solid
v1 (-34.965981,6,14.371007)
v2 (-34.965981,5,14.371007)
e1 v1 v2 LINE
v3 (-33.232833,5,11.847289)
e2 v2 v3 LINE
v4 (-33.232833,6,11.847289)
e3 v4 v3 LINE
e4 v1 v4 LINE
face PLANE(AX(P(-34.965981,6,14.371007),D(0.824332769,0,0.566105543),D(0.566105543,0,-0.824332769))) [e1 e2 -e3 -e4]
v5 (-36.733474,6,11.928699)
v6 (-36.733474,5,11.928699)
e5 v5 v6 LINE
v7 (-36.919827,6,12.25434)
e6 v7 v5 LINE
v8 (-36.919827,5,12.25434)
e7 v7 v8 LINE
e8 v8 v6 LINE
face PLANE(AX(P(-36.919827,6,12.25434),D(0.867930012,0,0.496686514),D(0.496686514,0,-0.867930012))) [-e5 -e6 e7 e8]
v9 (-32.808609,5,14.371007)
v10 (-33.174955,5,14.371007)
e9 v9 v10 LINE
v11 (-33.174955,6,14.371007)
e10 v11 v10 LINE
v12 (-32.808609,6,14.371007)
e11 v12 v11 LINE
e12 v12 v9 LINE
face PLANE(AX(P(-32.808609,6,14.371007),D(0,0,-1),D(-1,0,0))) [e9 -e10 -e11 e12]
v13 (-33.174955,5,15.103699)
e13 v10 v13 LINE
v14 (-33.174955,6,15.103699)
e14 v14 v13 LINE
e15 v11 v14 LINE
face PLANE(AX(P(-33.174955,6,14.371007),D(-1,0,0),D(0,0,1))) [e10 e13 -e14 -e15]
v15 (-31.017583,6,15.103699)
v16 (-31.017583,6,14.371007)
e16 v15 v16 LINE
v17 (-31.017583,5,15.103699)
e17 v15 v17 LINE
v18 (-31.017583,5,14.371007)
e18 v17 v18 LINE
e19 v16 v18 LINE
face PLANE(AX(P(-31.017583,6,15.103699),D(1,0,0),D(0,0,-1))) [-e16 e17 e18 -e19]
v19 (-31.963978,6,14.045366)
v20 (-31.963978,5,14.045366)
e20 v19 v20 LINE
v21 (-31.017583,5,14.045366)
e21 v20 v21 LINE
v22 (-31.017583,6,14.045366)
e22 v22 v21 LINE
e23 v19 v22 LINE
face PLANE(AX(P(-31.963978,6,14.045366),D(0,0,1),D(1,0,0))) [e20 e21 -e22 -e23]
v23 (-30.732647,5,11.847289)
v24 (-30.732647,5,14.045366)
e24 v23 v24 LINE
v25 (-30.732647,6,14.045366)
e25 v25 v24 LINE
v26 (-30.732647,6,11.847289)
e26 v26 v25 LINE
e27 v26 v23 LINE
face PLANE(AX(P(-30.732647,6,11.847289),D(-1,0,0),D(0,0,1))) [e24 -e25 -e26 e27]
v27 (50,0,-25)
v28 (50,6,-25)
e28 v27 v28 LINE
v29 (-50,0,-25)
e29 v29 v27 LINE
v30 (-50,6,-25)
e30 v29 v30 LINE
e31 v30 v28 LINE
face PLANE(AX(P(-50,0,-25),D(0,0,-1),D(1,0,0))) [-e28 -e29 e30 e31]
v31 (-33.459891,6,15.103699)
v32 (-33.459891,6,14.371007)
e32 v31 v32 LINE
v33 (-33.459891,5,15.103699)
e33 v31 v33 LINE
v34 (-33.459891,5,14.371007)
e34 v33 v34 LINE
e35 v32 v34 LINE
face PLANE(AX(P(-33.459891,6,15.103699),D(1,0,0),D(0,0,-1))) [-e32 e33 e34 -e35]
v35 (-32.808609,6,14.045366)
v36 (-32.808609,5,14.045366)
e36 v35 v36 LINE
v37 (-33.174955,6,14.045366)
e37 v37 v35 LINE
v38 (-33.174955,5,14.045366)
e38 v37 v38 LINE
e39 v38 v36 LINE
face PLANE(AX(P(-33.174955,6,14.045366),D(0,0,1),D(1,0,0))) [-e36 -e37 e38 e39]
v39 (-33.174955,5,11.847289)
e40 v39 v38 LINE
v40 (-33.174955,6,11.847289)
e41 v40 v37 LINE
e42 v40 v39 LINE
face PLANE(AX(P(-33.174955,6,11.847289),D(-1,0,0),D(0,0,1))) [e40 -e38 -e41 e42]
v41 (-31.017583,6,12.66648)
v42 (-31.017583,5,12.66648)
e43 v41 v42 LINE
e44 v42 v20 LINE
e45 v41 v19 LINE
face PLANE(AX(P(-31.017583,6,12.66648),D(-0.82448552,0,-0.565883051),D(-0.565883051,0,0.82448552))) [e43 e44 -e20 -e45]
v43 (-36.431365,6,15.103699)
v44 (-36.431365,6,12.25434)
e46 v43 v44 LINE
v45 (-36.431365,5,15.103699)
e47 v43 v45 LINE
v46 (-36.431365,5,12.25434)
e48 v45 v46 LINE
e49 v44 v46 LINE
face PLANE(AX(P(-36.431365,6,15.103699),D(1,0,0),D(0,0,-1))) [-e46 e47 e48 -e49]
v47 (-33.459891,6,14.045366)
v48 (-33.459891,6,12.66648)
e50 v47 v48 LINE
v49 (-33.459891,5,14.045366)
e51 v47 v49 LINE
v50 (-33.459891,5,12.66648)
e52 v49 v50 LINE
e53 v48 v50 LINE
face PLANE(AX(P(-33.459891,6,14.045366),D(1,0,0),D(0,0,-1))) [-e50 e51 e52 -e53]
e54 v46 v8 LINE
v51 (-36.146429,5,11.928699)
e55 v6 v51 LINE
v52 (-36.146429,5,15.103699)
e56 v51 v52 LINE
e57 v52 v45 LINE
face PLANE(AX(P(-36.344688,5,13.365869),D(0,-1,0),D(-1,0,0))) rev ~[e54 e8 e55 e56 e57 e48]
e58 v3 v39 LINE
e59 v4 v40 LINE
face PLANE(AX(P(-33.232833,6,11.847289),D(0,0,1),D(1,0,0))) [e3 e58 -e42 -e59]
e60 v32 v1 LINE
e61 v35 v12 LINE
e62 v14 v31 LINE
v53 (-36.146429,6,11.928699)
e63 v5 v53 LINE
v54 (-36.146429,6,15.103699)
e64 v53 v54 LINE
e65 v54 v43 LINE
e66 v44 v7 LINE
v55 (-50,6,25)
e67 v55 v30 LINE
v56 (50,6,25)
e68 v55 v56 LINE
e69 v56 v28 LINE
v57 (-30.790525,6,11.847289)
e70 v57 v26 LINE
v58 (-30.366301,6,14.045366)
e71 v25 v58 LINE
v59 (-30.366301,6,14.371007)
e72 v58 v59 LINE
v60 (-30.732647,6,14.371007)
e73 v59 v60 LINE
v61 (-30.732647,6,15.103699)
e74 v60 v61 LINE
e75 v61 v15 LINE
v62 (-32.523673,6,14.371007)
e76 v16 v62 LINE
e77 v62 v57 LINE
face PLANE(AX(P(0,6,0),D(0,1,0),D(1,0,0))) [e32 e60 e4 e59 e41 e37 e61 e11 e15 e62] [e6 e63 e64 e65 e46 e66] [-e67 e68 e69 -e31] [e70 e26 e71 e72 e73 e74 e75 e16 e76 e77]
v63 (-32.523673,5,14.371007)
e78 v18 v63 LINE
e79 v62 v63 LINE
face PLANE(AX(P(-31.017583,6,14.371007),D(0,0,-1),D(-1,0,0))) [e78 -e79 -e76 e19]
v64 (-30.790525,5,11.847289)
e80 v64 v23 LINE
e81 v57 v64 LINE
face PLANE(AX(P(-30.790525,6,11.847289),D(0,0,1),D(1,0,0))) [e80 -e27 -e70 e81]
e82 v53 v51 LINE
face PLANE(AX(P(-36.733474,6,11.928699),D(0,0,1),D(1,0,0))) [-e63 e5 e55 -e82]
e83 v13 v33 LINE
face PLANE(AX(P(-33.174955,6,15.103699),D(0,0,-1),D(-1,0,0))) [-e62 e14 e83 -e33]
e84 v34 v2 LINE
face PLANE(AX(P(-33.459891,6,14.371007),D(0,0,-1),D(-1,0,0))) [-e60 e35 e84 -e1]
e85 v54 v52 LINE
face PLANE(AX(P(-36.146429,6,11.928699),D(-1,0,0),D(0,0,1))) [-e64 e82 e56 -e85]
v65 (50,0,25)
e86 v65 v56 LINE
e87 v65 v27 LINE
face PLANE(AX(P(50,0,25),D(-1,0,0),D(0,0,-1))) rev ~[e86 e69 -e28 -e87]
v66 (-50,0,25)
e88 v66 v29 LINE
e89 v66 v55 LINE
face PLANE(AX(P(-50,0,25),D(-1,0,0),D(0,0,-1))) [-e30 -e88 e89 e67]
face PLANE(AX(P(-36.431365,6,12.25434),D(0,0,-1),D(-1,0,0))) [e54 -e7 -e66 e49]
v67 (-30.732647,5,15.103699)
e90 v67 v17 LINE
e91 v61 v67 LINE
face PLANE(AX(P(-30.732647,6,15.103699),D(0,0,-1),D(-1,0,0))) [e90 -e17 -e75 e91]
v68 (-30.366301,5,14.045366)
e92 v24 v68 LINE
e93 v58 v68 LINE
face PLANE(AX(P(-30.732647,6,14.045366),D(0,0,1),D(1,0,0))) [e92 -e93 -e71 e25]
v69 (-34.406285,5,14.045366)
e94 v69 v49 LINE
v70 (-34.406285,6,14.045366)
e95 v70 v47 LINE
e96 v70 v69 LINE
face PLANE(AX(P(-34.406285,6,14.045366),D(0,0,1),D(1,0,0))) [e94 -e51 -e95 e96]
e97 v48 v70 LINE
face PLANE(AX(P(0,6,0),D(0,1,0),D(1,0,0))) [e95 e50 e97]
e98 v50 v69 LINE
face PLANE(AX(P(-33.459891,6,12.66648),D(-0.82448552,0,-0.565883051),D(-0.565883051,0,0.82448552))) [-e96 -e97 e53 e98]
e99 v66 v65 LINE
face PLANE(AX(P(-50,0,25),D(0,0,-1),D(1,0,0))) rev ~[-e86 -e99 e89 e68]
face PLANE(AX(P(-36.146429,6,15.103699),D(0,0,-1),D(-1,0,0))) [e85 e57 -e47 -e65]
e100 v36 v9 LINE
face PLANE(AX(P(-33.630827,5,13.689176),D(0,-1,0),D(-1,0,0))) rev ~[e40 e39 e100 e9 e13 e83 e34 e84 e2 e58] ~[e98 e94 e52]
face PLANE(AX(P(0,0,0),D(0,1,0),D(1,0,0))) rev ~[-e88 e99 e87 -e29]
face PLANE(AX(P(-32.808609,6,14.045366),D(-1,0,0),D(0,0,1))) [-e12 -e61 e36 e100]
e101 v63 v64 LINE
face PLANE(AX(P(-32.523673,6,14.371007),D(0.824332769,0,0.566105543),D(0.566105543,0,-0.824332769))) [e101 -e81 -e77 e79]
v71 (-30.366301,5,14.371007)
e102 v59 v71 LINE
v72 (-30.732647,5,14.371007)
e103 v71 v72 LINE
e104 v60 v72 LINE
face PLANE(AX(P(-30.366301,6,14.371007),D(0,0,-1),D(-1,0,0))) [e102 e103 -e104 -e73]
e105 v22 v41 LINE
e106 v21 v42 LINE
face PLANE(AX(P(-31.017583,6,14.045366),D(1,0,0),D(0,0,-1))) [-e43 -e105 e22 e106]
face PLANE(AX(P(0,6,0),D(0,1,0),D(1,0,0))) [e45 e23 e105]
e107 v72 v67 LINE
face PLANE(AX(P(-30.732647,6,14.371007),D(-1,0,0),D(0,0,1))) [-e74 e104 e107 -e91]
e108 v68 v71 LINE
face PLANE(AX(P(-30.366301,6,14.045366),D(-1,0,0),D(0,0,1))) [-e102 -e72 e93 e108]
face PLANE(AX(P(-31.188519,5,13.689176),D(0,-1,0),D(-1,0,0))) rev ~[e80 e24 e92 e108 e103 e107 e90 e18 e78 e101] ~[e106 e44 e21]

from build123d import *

# Parameters (mm, degrees)
SKETCH1_W           = 100
SKETCH1_H           = 50
BOSS_EXTRUDE1_DEPTH = 6
CUT_EXTRUDE1_DEPTH  = 1


with BuildPart() as part:
    # Sketch1 → Boss-Extrude1 (new body)
    with BuildSketch(Plane(origin=(0, 0, 0), x_dir=(1, 0, 0), z_dir=(0, 1, 0))):
        Rectangle(SKETCH1_W, SKETCH1_H)
    extrude(amount=BOSS_EXTRUDE1_DEPTH)

    # Sketch2 → Cut-Extrude1 (cut)
    # profile 1 of 3: a face of its own
    with BuildSketch(Plane(origin=(0, 6, 0), x_dir=(1, 0, 0), z_dir=(0, 1, 0))):
        Polygon((-36.733473762, -11.928699111), (-36.146429492, -11.928699111), (-36.146429492, -15.103699111), (-36.431365389, -15.103699111), (-36.431365389, -12.254340136), (-36.919826928, -12.254340136), align=None)
    # profile 2 of 3: a face of its own
    with BuildSketch(Plane(origin=(0, 6, 0), x_dir=(1, 0, 0), z_dir=(0, 1, 0))):
        Polygon((-33.232832737, -11.847288854), (-33.174955133, -11.847288854), (-33.174955133, -14.045365777), (-32.808608979, -14.045365777), (-32.808608979, -14.371006803), (-33.174955133, -14.371006803), (-33.174955133, -15.103699111), (-33.45989103, -15.103699111), (-33.45989103, -14.371006803), (-34.965980774, -14.371006803), align=None)
        Polygon((-33.45989103, -14.045365777), (-33.45989103, -12.666479559), (-34.406285261, -14.045365777), align=None, mode=Mode.SUBTRACT)
    # profile 3 of 3: a face of its own
    with BuildSketch(Plane(origin=(0, 6, 0), x_dir=(1, 0, 0), z_dir=(0, 1, 0))):
        Polygon((-30.790525045, -11.847288854), (-30.73264744, -11.847288854), (-30.73264744, -14.045365777), (-30.366301287, -14.045365777), (-30.366301287, -14.371006803), (-30.73264744, -14.371006803), (-30.73264744, -15.103699111), (-31.017583338, -15.103699111), (-31.017583338, -14.371006803), (-32.523673081, -14.371006803), align=None)
        Polygon((-31.017583338, -14.045365777), (-31.017583338, -12.666479559), (-31.963977569, -14.045365777), align=None, mode=Mode.SUBTRACT)
    extrude(amount=-CUT_EXTRUDE1_DEPTH, mode=Mode.SUBTRACT)


solid = part.part
